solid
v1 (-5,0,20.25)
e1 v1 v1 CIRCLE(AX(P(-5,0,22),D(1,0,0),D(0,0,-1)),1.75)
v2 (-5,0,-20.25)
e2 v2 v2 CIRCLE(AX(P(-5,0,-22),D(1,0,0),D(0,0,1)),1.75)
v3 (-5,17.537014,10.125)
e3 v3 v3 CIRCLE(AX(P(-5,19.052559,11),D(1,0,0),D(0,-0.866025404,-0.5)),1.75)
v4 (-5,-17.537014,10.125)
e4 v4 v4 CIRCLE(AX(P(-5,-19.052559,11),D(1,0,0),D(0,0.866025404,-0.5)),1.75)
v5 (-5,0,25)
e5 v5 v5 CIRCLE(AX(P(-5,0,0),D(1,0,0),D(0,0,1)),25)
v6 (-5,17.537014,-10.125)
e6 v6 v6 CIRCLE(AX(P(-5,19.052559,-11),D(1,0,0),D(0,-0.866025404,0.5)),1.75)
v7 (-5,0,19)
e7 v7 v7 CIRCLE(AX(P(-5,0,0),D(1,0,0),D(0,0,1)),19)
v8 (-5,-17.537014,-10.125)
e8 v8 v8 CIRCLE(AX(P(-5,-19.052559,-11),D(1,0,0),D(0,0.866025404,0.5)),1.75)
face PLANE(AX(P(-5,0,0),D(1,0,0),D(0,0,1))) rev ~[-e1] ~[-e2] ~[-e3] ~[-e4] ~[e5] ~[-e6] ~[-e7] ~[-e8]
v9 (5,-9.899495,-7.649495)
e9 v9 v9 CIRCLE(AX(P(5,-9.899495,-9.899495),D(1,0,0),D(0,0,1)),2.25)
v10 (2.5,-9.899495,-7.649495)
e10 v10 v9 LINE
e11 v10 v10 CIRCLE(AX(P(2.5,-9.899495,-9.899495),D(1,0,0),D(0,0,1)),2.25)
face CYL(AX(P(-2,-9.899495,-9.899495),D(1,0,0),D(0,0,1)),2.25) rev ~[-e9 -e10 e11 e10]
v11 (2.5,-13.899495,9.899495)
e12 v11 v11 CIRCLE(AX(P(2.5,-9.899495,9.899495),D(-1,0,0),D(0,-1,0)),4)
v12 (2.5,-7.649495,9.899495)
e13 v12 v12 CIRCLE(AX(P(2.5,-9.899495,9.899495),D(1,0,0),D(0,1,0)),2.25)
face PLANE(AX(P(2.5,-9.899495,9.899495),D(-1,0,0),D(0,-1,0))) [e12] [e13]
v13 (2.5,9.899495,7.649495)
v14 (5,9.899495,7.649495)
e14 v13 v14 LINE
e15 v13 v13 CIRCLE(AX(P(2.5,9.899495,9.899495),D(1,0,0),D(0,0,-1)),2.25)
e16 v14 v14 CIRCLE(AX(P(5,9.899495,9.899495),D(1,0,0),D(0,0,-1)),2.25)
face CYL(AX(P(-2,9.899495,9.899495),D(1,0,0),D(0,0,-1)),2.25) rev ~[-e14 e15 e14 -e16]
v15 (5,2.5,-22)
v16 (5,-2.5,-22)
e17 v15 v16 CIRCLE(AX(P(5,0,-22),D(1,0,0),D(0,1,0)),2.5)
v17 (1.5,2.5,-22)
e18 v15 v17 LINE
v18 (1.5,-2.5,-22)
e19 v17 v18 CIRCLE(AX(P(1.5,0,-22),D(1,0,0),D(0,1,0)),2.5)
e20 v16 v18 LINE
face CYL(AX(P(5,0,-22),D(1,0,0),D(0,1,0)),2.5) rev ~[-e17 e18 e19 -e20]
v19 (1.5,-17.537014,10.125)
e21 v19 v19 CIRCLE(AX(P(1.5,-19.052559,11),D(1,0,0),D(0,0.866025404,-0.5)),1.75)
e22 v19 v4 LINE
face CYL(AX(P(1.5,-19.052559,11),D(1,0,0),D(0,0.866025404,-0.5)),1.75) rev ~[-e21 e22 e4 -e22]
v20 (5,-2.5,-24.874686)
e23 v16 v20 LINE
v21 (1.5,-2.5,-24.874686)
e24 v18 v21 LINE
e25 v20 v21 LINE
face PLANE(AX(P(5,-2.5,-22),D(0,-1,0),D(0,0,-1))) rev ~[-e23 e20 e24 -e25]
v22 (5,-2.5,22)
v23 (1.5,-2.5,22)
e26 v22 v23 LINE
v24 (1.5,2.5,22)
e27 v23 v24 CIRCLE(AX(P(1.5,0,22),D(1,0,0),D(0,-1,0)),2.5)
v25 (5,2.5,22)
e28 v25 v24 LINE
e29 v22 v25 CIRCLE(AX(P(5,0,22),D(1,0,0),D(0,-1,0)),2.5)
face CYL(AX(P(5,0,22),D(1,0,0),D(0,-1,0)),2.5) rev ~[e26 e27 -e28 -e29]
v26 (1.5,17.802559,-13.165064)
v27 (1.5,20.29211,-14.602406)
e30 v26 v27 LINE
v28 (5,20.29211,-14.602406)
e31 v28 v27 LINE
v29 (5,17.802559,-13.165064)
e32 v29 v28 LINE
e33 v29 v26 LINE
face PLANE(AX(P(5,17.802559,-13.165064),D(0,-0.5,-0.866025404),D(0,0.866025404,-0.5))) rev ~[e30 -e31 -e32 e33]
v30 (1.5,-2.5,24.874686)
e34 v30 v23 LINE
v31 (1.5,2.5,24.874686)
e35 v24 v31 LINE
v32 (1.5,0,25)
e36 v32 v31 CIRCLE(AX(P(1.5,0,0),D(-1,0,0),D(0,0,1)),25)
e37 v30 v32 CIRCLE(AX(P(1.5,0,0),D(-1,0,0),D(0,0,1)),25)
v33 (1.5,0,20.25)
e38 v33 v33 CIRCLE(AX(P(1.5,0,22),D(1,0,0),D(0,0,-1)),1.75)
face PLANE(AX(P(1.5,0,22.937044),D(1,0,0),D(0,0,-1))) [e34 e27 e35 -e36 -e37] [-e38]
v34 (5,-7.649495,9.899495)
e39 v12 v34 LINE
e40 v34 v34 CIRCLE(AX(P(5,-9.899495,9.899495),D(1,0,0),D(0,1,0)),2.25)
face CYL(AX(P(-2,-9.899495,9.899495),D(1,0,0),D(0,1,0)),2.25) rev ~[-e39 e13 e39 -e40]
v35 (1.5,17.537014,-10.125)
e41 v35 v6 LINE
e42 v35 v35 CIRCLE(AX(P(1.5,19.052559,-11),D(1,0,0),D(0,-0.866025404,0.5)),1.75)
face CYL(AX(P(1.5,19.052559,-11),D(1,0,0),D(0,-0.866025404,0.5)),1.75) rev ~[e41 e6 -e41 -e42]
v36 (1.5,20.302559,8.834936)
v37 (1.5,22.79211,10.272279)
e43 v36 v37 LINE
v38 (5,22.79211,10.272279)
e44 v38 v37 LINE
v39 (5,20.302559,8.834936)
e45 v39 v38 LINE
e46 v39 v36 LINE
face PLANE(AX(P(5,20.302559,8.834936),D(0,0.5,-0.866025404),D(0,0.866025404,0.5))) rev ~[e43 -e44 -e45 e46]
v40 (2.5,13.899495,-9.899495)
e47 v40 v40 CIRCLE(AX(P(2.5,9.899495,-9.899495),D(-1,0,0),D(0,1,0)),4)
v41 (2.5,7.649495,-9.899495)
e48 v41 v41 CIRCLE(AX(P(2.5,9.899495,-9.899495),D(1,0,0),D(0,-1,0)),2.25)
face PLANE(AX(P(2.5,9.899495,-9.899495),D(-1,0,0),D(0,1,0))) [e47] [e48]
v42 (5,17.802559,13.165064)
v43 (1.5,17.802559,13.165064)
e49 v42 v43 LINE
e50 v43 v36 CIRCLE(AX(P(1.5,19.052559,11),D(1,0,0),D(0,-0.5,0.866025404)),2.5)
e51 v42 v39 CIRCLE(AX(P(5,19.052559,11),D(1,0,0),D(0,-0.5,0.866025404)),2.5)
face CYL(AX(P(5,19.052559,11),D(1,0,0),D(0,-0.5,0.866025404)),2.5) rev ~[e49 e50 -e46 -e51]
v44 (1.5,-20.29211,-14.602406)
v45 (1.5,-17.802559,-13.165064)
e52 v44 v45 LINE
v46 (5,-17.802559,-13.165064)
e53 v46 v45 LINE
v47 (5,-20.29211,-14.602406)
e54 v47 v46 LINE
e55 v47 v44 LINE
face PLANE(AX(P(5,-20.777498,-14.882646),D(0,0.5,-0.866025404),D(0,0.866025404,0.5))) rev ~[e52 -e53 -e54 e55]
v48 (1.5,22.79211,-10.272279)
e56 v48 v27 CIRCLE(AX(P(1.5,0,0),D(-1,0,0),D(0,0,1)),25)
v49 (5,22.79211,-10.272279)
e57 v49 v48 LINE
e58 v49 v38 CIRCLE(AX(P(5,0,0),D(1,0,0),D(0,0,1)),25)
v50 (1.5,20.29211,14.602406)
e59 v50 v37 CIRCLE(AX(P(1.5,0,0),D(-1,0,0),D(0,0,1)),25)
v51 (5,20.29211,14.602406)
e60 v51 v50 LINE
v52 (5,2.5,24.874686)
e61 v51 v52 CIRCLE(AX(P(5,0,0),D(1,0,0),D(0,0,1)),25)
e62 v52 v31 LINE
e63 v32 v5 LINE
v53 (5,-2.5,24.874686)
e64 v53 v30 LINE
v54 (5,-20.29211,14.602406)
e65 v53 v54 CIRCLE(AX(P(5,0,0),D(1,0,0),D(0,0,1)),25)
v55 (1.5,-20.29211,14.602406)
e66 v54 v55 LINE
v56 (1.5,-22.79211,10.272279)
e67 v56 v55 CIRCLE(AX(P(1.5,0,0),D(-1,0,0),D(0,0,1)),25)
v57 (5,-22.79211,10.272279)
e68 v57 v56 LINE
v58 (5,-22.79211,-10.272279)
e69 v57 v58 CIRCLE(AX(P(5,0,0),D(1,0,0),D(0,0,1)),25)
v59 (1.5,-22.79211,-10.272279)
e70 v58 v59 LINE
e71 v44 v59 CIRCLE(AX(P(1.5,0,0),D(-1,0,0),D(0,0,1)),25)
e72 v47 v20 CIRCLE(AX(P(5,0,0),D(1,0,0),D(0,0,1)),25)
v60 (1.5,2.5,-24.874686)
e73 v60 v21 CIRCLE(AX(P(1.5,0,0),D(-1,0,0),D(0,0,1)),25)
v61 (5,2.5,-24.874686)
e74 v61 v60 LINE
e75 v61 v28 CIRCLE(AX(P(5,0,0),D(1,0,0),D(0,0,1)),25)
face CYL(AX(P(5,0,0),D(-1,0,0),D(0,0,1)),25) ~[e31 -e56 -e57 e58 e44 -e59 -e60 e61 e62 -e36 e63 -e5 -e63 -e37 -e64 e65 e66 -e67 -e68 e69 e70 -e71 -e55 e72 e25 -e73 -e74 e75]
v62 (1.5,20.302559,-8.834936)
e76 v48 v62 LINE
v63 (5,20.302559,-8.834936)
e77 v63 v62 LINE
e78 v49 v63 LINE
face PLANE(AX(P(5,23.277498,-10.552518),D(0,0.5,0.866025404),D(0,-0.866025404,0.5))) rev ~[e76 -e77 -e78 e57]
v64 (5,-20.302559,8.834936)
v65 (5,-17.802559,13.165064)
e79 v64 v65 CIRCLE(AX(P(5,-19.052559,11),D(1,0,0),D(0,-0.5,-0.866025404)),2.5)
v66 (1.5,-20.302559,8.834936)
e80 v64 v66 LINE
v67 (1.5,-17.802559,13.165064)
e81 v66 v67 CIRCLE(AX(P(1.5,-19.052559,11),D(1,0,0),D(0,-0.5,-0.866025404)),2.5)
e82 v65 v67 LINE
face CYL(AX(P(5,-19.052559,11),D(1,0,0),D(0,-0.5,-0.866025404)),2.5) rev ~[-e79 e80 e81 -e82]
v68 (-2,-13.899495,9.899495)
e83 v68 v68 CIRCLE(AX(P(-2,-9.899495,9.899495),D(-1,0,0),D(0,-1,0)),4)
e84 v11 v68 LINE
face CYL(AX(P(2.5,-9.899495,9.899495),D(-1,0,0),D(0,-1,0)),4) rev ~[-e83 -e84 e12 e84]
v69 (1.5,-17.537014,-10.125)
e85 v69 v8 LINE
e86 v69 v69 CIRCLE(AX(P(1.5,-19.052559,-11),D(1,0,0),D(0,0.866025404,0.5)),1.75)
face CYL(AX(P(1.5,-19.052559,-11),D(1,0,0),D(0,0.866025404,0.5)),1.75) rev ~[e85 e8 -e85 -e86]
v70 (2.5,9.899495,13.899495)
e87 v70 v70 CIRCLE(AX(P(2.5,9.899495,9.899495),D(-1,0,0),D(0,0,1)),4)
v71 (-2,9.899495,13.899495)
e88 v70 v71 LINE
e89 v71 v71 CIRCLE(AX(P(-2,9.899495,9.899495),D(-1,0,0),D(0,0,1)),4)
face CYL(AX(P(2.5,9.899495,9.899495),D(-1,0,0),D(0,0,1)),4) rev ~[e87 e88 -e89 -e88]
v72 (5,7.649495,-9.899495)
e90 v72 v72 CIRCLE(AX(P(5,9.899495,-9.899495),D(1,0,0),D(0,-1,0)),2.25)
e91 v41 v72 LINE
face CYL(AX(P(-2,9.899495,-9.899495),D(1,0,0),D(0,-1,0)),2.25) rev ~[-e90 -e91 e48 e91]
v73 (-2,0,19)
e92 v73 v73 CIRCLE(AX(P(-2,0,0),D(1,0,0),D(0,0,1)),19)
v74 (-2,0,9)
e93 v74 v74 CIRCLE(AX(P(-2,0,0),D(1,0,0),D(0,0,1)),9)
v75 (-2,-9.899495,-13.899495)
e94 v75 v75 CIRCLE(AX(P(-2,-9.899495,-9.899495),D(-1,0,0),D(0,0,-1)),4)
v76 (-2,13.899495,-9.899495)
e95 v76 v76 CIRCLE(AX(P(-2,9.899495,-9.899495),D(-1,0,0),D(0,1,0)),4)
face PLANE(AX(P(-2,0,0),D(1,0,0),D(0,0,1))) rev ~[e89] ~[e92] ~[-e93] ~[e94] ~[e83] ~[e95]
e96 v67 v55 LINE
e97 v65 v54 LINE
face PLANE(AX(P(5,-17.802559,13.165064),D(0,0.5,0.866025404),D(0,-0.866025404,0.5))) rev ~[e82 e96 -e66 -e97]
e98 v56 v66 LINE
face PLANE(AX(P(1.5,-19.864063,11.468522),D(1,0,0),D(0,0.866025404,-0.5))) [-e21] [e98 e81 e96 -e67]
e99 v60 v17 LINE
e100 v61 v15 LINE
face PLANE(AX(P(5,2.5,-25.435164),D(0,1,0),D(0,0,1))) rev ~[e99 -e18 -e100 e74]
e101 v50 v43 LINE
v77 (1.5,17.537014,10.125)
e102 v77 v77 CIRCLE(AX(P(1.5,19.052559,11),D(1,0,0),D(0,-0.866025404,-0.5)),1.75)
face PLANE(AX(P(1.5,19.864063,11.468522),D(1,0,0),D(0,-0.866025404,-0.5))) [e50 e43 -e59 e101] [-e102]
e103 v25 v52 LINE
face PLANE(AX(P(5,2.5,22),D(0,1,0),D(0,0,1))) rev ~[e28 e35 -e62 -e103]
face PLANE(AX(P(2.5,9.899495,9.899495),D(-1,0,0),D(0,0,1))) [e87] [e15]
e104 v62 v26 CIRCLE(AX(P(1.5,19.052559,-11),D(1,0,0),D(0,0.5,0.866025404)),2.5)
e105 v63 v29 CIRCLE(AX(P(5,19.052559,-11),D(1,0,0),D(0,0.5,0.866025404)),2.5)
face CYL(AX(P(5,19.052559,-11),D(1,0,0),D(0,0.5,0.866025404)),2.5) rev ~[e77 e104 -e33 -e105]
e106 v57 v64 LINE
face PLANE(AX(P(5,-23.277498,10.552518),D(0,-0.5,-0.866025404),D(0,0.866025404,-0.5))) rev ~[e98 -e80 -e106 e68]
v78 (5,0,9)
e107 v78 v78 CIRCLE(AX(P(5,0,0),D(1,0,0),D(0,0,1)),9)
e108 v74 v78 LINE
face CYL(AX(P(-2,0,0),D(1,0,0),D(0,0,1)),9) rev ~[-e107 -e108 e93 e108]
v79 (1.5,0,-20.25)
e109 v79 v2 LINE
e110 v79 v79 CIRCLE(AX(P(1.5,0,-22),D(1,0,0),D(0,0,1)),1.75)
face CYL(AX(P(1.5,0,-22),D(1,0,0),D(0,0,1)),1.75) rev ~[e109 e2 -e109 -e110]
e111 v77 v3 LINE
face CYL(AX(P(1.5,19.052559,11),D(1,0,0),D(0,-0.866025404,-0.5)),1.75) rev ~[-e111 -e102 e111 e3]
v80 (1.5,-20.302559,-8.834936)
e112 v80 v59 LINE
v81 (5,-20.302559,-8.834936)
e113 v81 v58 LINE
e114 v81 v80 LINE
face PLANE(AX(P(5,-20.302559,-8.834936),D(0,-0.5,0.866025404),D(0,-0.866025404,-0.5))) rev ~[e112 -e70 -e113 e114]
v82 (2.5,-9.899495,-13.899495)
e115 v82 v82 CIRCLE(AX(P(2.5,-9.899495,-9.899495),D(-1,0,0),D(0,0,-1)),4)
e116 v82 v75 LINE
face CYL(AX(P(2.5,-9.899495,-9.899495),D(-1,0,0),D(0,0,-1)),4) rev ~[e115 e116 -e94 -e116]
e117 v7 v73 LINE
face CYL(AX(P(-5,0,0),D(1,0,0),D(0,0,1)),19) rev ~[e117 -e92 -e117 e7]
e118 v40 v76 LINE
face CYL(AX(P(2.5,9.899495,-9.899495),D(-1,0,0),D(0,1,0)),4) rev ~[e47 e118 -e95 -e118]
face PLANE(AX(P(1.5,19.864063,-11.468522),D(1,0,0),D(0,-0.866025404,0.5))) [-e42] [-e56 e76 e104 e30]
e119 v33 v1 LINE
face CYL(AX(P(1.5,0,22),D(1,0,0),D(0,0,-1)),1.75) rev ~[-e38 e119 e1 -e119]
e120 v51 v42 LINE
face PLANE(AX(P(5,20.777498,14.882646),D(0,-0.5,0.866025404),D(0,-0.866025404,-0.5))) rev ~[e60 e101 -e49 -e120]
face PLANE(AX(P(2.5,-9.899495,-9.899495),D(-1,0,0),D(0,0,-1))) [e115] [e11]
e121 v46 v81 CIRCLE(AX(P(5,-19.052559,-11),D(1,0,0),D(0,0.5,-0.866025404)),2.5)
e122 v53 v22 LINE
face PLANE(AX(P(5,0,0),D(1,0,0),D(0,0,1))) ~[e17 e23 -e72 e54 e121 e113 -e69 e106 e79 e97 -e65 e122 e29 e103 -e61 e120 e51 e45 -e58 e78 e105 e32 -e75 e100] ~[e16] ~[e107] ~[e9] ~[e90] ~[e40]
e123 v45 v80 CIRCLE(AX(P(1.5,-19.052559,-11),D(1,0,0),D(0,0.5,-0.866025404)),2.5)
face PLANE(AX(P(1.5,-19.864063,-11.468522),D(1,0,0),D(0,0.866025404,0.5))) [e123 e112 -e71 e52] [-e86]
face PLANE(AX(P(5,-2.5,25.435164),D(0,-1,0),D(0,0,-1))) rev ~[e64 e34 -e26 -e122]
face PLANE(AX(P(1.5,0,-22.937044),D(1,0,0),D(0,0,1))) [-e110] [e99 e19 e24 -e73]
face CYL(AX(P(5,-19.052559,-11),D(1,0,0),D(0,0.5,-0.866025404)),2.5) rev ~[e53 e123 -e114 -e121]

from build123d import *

# Parameters (mm, degrees)
ENL_V_MAT_EXTRU_1_DEPTH                         = 3.5
R_P_TITION_CIRCULAIRE1_COUNT                    = 6
ESQUISSE3_R                                     = 1.75
ENL_V_MAT_EXTRU_2_DEPTH                         = 36.947878936
R_P_TITION_CIRCULAIRE2_COUNT                    = 6
CHAMBRAGE_POUR_VIS_T_TE_CYLINDRIQUE_D           = 4.5
CHAMBRAGE_POUR_VIS_T_TE_CYLINDRIQUE_CBORE_D     = 8
CHAMBRAGE_POUR_VIS_T_TE_CYLINDRIQUE_CBORE_DEPTH = 4.5
R_P_TITION_CIRCULAIRE3_COUNT                    = 4


with BuildPart() as part:
    # Esquisse1 → Base-Révolution (revolve)
    with BuildSketch(Plane.XY, mode=Mode.PRIVATE) as base_r_volution_sk:
        Polygon((-5, 25), (-5, 19), (-2, 19), (-2, 9), (5, 9), (5, 25), align=None)
    revolve(base_r_volution_sk.sketch.rotate(Axis((-14.936373376, 0, 0), (1, 0, 0)), 90), axis=Axis((-14.936373376, 0, 0), (1, 0, 0)))

    # Esquisse2 → Enlèv. mat.-Extru.1 (cut)
    with BuildSketch(Plane(origin=(5, 0, 0), x_dir=(0, 0, -1), z_dir=(1, 0, 0))):
        with BuildLine():
            Line((-22, 2.5), (-25.435164017, 2.5))
            Line((-25.435164017, 2.5), (-25.435164017, -2.5))
            Line((-25.435164017, -2.5), (-22, -2.5))
            ThreePointArc((-22, -2.5), (-19.5, 0), (-22, 2.5))
        make_face()
    enl_v_mat_extru_1 = extrude(amount=-ENL_V_MAT_EXTRU_1_DEPTH, mode=Mode.SUBTRACT)

    # Répétition circulaire1: Enlèv. mat.-Extru.1 ×6 about axis
    r_p_tition_circulaire1_axis = Axis((0, 0, 0), (1, 0, 0))
    for i in range(1, R_P_TITION_CIRCULAIRE1_COUNT):
        add(enl_v_mat_extru_1.rotate(r_p_tition_circulaire1_axis, i * 360 / R_P_TITION_CIRCULAIRE1_COUNT), mode=Mode.SUBTRACT)

    # Esquisse3 → Enlèv. mat.-Extru.2 (cut, through all)
    with BuildSketch(Plane(origin=(1.5, 0, 0), x_dir=(0, 0, -1), z_dir=(1, 0, 0))):
        with Locations((-22, 0)):
            Circle(ESQUISSE3_R)
    enl_v_mat_extru_2 = extrude(amount=-ENL_V_MAT_EXTRU_2_DEPTH, mode=Mode.SUBTRACT)

    # Répétition circulaire2: Enlèv. mat.-Extru.2 ×6 about axis
    r_p_tition_circulaire2_axis = Axis((0, 0, 0), (1, 0, 0))
    for i in range(1, R_P_TITION_CIRCULAIRE2_COUNT):
        add(enl_v_mat_extru_2.rotate(r_p_tition_circulaire2_axis, i * 360 / R_P_TITION_CIRCULAIRE2_COUNT), mode=Mode.SUBTRACT)

    # Chambrage pour vis à tête cylindrique à 6 pans creux (vis CHC) M41 (through all)
    with Locations(Plane.ZY.offset(2)):
        with Locations((9.899494937, 9.899494937)):
            chambrage_pour_vis_t_te_cylindrique = CounterBoreHole(CHAMBRAGE_POUR_VIS_T_TE_CYLINDRIQUE_D / 2, CHAMBRAGE_POUR_VIS_T_TE_CYLINDRIQUE_CBORE_D / 2, CHAMBRAGE_POUR_VIS_T_TE_CYLINDRIQUE_CBORE_DEPTH)

    # Répétition circulaire3: Chambrage pour vis à tête cylindrique à 6 pans creux (vis CHC) M41 ×4 about axis
    r_p_tition_circulaire3_axis = Axis((0, 0, 0), (1, 0, 0))
    for i in range(1, R_P_TITION_CIRCULAIRE3_COUNT):
        add(chambrage_pour_vis_t_te_cylindrique.rotate(r_p_tition_circulaire3_axis, i * 360 / R_P_TITION_CIRCULAIRE3_COUNT), mode=Mode.SUBTRACT)


solid = part.part
